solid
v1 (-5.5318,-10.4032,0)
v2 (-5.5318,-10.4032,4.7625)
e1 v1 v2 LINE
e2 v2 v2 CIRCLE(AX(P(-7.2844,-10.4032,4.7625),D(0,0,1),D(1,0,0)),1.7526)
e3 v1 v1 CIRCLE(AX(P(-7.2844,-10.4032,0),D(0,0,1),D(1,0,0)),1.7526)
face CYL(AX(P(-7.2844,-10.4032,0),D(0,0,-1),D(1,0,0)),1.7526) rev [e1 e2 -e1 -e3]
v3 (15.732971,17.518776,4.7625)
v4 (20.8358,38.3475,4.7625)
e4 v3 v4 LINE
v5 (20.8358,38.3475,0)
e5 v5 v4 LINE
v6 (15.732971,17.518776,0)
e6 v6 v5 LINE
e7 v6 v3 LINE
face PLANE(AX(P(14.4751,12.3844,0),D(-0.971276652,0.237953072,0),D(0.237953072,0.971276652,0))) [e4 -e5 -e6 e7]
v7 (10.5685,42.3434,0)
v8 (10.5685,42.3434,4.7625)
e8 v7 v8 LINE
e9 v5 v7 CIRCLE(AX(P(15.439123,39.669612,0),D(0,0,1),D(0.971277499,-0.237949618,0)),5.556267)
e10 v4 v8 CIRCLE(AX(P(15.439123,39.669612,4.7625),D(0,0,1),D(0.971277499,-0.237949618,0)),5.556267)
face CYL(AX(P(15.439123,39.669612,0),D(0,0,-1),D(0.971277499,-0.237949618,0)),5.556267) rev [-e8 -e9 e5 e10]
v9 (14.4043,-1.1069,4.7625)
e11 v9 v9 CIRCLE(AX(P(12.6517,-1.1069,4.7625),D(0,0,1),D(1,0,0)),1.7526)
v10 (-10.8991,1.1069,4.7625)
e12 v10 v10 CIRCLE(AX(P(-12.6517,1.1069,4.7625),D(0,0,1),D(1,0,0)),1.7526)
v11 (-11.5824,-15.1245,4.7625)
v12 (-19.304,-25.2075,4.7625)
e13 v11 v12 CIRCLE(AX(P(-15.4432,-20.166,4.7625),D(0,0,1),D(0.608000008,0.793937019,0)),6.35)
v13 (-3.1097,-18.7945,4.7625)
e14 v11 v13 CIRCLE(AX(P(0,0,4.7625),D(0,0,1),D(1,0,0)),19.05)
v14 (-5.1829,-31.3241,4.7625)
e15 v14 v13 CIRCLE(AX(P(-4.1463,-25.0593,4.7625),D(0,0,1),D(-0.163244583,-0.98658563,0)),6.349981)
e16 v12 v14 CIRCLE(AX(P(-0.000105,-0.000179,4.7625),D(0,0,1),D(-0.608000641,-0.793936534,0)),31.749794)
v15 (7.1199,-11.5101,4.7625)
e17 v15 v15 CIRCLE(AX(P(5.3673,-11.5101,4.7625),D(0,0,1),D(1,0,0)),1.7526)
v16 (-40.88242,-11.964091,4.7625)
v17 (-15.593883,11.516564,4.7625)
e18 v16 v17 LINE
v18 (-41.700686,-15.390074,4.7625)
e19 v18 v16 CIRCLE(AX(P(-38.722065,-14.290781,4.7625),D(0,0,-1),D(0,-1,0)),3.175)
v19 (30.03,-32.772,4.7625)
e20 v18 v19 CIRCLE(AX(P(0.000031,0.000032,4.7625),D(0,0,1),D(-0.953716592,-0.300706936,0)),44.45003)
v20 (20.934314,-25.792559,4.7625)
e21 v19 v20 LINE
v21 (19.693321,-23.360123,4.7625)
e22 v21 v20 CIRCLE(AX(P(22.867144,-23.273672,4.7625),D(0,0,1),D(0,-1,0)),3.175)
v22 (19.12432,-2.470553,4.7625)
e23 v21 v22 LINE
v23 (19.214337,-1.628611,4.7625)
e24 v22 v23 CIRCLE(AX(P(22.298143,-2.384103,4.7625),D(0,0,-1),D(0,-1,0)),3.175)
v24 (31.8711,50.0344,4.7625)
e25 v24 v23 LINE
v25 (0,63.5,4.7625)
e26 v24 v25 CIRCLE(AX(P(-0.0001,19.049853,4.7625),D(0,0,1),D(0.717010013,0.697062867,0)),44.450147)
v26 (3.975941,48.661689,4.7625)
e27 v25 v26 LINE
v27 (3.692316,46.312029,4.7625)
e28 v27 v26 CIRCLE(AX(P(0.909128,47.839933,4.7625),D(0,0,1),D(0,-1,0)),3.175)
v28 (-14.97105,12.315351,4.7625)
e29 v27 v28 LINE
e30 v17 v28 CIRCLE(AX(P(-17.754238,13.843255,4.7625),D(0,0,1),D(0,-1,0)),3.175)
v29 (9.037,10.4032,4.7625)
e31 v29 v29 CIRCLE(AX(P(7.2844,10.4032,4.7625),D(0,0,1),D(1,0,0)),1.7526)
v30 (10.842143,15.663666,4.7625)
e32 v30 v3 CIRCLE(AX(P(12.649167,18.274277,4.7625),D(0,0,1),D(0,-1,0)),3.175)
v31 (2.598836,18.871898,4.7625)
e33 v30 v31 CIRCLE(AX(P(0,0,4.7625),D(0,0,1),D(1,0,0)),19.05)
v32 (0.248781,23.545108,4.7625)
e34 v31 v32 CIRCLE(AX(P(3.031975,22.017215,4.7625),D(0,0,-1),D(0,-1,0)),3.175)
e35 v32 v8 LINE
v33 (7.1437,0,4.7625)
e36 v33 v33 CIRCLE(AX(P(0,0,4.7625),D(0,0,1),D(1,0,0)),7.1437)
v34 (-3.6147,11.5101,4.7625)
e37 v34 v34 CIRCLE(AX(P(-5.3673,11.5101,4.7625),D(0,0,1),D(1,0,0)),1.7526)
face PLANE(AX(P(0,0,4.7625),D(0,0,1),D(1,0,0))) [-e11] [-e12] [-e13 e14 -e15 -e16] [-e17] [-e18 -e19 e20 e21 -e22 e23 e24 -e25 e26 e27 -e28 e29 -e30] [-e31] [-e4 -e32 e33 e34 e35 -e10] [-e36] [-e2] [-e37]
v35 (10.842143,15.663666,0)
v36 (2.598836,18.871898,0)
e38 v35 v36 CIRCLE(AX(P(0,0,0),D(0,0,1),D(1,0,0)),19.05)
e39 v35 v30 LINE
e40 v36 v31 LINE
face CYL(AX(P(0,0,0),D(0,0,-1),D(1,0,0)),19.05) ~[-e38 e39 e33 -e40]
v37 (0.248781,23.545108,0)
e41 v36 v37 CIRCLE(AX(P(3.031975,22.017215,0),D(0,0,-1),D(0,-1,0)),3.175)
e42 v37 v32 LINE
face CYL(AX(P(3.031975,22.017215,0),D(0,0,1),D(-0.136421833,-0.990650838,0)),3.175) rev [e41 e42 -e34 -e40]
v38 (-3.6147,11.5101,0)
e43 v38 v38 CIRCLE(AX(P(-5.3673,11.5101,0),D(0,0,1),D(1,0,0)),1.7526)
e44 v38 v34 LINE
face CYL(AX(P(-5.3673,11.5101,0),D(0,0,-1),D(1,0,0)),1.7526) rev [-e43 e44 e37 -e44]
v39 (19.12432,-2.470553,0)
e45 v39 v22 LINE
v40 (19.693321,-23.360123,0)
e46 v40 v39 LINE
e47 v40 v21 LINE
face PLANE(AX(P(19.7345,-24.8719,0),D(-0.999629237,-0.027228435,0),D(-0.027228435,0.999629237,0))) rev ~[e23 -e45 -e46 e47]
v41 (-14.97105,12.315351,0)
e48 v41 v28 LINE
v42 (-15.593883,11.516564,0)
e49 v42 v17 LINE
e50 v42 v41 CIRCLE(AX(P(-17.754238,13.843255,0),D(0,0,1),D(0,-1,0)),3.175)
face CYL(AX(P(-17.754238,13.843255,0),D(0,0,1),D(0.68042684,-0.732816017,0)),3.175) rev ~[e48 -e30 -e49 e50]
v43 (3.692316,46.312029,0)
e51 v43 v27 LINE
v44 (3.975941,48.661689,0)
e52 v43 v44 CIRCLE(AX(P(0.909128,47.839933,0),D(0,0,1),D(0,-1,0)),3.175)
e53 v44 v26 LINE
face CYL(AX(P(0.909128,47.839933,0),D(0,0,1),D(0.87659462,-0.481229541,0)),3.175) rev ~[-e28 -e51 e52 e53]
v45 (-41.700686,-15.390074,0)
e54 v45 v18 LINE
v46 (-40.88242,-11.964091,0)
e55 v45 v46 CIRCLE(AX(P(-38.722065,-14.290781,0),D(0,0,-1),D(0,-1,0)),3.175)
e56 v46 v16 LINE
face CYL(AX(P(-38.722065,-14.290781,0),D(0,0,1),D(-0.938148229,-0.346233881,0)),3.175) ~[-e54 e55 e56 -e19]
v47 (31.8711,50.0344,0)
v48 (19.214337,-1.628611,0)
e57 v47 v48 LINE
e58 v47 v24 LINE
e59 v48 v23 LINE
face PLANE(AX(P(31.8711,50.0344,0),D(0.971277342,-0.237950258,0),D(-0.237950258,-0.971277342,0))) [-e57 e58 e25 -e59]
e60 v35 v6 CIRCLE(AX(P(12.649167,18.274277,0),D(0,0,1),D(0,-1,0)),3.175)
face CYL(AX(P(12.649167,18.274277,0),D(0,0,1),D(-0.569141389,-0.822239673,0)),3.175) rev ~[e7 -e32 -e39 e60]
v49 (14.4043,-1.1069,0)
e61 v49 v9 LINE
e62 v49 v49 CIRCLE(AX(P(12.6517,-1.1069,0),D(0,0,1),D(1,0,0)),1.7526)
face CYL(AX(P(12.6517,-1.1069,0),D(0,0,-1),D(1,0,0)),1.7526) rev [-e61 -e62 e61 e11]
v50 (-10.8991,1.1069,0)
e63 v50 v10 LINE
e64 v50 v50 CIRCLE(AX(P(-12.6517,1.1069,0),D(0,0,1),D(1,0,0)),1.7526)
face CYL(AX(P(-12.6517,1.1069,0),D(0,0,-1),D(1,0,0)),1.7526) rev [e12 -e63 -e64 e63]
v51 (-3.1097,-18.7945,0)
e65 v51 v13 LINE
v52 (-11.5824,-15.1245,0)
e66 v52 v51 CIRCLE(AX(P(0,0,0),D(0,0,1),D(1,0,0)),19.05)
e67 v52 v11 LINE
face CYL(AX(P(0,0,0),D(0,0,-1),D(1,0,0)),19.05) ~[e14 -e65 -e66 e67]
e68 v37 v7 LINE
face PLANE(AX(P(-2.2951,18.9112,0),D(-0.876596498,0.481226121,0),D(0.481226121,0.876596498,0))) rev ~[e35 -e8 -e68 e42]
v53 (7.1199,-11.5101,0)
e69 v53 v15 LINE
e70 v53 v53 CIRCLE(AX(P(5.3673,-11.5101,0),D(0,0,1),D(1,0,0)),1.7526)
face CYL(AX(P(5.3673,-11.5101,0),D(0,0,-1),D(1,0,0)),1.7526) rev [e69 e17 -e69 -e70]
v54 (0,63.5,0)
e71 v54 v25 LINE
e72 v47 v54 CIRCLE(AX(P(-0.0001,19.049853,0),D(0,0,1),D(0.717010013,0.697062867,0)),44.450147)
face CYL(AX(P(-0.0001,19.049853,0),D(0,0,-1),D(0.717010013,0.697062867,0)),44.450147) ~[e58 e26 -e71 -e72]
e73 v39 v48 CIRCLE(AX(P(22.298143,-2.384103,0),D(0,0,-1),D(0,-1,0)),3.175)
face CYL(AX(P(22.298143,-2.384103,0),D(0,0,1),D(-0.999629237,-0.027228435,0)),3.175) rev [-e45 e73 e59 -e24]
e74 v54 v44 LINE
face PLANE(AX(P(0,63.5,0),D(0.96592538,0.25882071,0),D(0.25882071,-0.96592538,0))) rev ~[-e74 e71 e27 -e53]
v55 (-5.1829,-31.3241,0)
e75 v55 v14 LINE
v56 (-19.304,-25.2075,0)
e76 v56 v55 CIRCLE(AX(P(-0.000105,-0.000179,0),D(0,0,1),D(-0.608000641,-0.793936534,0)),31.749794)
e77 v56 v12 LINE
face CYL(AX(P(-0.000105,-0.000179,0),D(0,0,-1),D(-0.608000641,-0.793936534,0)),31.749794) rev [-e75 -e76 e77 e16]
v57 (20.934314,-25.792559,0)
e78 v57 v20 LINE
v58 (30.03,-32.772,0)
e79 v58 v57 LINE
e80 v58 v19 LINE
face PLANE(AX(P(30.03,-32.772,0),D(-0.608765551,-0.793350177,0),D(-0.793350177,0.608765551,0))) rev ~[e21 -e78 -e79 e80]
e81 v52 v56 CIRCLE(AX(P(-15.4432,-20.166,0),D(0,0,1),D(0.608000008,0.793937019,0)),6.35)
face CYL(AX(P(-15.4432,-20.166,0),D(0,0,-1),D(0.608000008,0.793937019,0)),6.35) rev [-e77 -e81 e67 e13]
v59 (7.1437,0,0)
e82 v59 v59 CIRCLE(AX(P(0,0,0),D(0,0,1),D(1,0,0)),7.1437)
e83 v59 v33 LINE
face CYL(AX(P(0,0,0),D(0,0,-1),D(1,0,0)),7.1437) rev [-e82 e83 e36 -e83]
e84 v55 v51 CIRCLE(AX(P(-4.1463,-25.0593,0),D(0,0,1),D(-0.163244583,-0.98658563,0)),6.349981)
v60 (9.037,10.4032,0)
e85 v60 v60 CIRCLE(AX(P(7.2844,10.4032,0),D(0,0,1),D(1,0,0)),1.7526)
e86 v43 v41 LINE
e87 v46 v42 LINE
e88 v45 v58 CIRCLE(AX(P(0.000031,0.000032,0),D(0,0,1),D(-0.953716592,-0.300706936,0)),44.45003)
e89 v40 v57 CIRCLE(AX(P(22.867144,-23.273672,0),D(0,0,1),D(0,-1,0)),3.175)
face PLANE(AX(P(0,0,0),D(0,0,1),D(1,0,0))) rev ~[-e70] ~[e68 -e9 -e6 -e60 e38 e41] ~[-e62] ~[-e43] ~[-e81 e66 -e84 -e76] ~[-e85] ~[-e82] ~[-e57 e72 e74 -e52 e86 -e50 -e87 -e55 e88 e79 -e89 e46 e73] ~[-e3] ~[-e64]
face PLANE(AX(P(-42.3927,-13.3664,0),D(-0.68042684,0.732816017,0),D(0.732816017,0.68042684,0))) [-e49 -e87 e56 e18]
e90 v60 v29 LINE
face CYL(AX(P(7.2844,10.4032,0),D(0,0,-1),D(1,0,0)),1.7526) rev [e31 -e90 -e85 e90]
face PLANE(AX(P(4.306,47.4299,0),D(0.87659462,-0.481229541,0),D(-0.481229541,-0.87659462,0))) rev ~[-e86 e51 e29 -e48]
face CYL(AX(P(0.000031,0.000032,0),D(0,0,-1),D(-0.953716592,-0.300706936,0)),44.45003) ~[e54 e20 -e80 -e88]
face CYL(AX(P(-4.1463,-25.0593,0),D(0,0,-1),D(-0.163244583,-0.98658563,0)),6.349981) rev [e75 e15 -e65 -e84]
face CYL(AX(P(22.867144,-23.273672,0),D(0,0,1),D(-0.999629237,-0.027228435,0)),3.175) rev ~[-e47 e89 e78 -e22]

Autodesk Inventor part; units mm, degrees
ref_plane "YZ Plane" through (0, 0, 0) normal (1, 0, 0) x (0, 1, 0)
ref_plane "XZ Plane" through (0, 0, 0) normal (0, 1, 0) x (-1, 0, 0)
ref_plane "XY Plane" through (0, 0, 0) normal (0, 0, 1) x (1, 0, 0)
sketch "Sketch1" plane through (0, 0, 0) normal (0, 0, 1) x (1, 0, 0)
  circle A0 centre (0, 0) radius 63.5 construction
  circle A1 centre (0, 0) radius 7.1437
  circle A2 centre (0, 0) radius 12.7 construction
  circle A3 centre (0, 0) radius 19.05
  line L0 (0, 63.5) -> (0, 0) construction
  line L1 (0, 63.5) -> (4.306, 47.4299)
  line L2 (4.306, 47.4299) -> (-16.6992, 9.1674)
  circle A4 centre (0, 0) radius 47.625 construction
  arc A5 (31.8711, 50.0344) -> (0, 63.5) centre (0, 19.05) ccw
  line L3 (31.8711, 50.0344) -> (18.5028, -4.533)
  circle A6 centre (0, 0) radius 44.45 construction
  line L4 (30.03, -32.772) -> (0, 0) construction
  line L5 (30.03, -32.772) -> (19.7345, -24.8719)
  line L6 (19.7345, -24.8719) -> (19.0429, 0.5186)
  circle A7 centre (0, 0) radius 31.75 construction
  arc A8 (-42.3927, -13.3664) -> (30.03, -32.772) centre (0, 0) ccw
  line L7 (-42.3927, -13.3664) -> (-12.9621, 13.9602)
  line L8 (-42.3927, -13.3664) -> (0, 0) construction
  line L9 (-2.2951, 18.9112) -> (10.5685, 42.3434)
  line L10 (14.4751, 12.3844) -> (20.8358, 38.3475)
  arc A9 (20.8358, 38.3475) -> (10.5685, 42.3434) centre (15.4391, 39.6696) ccw
  line L11 (-10.9985, 6.35) -> (0, 0) construction
  line L12 (0, 0) -> (-5.3673, 11.5101) construction
  circle A10 centre (-5.3673, 11.5101) radius 1.7526
  circle A11 centre (-12.6517, 1.1069) radius 1.7526
  circle A12 centre (-7.2844, -10.4032) radius 1.7526
  circle A13 centre (5.3673, -11.5101) radius 1.7526
  circle A14 centre (12.6517, -1.1069) radius 1.7526
  circle A15 centre (7.2844, 10.4032) radius 1.7526
  arc A16 (-15.4432, -20.166) -> (-4.1463, -25.0593) centre (0, 0) ccw construction
  arc A17 (-19.304, -25.2075) -> (-5.1829, -31.3241) centre (0, 0) ccw
  arc A18 (-11.5824, -15.1245) -> (-3.1097, -18.7945) centre (0, 0) ccw
  arc A19 (-11.5824, -15.1245) -> (-19.304, -25.2075) centre (-15.4432, -20.166) ccw
  arc A20 (-5.1829, -31.3241) -> (-3.1097, -18.7945) centre (-4.1463, -25.0593) ccw
  line L13 (-15.4432, -20.166) -> (0, 0) construction
  line L14 (-4.1463, -25.0593) -> (0, 0) construction
  line L15 (0, 0) -> (-10.0957, -23.3074) construction
  point P0 (19.1127, -2.0435)
  point P1 (-15.2178, 11.8657)
  point P2 (-3.1097, -18.7945)
  dimension "d0" = 127
  dimension "d8" = 38.1
  dimension "d14" = 15.875
  dimension "d17" = 63.5
  dimension "d1" = 14.2875
  dimension "d2" = 25.4
  dimension "d9" = 15
  dimension "d11" = 44.45
  dimension "d12" = 15
  dimension "d15" = 88.9
  dimension "d16" = 10
  dimension "d18" = 42.5
  dimension "d19" = 115
  dimension "d28" = 7.9375
  dimension "d29" = 7.9375
  dimension "d30" = 5.5563
  dimension "d31" = 35
  dimension "d32" = 3.5052
  dimension "d35" = 360
  dimension "d40" = 60
  dimension "d41" = 12.7
  dimension "d43" = 28.05
  dimension "d44" = 156.58
extrude "Extrusion1" add sketch "Sketch1" along normal blind 4.7625 contours A3 | A3 L6 L3 | A3 L10 A9 L9 L7 L2 L1 A5 L3 L6 | L3 L6 L5 A8 L7 L2 A3 A19 A17 A20 | A3 L2 L7
fillet "Fillet1" radius 3.175 6 edges at (19.1127, -2.0435, 2.3813) (19.7345, -24.8719, 2.3813) (4.306, 47.4299, 2.3813) (-2.2951, 18.9112, 2.3813) (14.4751, 12.3844, 2.3813) (-15.2178, 11.8657, 2.3813)
fillet "Fillet3" radius 3.175 1 edges at (-42.3927, -13.3664, 2.3813)
sketch "Sketch2" plane through (0, 0, 4.7625) normal (0, 0, 1) x (1, 0, 0)
  arc A0 (31.8711, 50.0344) -> (0, 63.5) centre (0, 19.05) ccw construction
  circle A1 centre (0, 0) radius 63.5 construction
equation "\"d29\" = d28"
properties part number "Blade" material "Steel, Alloy"
